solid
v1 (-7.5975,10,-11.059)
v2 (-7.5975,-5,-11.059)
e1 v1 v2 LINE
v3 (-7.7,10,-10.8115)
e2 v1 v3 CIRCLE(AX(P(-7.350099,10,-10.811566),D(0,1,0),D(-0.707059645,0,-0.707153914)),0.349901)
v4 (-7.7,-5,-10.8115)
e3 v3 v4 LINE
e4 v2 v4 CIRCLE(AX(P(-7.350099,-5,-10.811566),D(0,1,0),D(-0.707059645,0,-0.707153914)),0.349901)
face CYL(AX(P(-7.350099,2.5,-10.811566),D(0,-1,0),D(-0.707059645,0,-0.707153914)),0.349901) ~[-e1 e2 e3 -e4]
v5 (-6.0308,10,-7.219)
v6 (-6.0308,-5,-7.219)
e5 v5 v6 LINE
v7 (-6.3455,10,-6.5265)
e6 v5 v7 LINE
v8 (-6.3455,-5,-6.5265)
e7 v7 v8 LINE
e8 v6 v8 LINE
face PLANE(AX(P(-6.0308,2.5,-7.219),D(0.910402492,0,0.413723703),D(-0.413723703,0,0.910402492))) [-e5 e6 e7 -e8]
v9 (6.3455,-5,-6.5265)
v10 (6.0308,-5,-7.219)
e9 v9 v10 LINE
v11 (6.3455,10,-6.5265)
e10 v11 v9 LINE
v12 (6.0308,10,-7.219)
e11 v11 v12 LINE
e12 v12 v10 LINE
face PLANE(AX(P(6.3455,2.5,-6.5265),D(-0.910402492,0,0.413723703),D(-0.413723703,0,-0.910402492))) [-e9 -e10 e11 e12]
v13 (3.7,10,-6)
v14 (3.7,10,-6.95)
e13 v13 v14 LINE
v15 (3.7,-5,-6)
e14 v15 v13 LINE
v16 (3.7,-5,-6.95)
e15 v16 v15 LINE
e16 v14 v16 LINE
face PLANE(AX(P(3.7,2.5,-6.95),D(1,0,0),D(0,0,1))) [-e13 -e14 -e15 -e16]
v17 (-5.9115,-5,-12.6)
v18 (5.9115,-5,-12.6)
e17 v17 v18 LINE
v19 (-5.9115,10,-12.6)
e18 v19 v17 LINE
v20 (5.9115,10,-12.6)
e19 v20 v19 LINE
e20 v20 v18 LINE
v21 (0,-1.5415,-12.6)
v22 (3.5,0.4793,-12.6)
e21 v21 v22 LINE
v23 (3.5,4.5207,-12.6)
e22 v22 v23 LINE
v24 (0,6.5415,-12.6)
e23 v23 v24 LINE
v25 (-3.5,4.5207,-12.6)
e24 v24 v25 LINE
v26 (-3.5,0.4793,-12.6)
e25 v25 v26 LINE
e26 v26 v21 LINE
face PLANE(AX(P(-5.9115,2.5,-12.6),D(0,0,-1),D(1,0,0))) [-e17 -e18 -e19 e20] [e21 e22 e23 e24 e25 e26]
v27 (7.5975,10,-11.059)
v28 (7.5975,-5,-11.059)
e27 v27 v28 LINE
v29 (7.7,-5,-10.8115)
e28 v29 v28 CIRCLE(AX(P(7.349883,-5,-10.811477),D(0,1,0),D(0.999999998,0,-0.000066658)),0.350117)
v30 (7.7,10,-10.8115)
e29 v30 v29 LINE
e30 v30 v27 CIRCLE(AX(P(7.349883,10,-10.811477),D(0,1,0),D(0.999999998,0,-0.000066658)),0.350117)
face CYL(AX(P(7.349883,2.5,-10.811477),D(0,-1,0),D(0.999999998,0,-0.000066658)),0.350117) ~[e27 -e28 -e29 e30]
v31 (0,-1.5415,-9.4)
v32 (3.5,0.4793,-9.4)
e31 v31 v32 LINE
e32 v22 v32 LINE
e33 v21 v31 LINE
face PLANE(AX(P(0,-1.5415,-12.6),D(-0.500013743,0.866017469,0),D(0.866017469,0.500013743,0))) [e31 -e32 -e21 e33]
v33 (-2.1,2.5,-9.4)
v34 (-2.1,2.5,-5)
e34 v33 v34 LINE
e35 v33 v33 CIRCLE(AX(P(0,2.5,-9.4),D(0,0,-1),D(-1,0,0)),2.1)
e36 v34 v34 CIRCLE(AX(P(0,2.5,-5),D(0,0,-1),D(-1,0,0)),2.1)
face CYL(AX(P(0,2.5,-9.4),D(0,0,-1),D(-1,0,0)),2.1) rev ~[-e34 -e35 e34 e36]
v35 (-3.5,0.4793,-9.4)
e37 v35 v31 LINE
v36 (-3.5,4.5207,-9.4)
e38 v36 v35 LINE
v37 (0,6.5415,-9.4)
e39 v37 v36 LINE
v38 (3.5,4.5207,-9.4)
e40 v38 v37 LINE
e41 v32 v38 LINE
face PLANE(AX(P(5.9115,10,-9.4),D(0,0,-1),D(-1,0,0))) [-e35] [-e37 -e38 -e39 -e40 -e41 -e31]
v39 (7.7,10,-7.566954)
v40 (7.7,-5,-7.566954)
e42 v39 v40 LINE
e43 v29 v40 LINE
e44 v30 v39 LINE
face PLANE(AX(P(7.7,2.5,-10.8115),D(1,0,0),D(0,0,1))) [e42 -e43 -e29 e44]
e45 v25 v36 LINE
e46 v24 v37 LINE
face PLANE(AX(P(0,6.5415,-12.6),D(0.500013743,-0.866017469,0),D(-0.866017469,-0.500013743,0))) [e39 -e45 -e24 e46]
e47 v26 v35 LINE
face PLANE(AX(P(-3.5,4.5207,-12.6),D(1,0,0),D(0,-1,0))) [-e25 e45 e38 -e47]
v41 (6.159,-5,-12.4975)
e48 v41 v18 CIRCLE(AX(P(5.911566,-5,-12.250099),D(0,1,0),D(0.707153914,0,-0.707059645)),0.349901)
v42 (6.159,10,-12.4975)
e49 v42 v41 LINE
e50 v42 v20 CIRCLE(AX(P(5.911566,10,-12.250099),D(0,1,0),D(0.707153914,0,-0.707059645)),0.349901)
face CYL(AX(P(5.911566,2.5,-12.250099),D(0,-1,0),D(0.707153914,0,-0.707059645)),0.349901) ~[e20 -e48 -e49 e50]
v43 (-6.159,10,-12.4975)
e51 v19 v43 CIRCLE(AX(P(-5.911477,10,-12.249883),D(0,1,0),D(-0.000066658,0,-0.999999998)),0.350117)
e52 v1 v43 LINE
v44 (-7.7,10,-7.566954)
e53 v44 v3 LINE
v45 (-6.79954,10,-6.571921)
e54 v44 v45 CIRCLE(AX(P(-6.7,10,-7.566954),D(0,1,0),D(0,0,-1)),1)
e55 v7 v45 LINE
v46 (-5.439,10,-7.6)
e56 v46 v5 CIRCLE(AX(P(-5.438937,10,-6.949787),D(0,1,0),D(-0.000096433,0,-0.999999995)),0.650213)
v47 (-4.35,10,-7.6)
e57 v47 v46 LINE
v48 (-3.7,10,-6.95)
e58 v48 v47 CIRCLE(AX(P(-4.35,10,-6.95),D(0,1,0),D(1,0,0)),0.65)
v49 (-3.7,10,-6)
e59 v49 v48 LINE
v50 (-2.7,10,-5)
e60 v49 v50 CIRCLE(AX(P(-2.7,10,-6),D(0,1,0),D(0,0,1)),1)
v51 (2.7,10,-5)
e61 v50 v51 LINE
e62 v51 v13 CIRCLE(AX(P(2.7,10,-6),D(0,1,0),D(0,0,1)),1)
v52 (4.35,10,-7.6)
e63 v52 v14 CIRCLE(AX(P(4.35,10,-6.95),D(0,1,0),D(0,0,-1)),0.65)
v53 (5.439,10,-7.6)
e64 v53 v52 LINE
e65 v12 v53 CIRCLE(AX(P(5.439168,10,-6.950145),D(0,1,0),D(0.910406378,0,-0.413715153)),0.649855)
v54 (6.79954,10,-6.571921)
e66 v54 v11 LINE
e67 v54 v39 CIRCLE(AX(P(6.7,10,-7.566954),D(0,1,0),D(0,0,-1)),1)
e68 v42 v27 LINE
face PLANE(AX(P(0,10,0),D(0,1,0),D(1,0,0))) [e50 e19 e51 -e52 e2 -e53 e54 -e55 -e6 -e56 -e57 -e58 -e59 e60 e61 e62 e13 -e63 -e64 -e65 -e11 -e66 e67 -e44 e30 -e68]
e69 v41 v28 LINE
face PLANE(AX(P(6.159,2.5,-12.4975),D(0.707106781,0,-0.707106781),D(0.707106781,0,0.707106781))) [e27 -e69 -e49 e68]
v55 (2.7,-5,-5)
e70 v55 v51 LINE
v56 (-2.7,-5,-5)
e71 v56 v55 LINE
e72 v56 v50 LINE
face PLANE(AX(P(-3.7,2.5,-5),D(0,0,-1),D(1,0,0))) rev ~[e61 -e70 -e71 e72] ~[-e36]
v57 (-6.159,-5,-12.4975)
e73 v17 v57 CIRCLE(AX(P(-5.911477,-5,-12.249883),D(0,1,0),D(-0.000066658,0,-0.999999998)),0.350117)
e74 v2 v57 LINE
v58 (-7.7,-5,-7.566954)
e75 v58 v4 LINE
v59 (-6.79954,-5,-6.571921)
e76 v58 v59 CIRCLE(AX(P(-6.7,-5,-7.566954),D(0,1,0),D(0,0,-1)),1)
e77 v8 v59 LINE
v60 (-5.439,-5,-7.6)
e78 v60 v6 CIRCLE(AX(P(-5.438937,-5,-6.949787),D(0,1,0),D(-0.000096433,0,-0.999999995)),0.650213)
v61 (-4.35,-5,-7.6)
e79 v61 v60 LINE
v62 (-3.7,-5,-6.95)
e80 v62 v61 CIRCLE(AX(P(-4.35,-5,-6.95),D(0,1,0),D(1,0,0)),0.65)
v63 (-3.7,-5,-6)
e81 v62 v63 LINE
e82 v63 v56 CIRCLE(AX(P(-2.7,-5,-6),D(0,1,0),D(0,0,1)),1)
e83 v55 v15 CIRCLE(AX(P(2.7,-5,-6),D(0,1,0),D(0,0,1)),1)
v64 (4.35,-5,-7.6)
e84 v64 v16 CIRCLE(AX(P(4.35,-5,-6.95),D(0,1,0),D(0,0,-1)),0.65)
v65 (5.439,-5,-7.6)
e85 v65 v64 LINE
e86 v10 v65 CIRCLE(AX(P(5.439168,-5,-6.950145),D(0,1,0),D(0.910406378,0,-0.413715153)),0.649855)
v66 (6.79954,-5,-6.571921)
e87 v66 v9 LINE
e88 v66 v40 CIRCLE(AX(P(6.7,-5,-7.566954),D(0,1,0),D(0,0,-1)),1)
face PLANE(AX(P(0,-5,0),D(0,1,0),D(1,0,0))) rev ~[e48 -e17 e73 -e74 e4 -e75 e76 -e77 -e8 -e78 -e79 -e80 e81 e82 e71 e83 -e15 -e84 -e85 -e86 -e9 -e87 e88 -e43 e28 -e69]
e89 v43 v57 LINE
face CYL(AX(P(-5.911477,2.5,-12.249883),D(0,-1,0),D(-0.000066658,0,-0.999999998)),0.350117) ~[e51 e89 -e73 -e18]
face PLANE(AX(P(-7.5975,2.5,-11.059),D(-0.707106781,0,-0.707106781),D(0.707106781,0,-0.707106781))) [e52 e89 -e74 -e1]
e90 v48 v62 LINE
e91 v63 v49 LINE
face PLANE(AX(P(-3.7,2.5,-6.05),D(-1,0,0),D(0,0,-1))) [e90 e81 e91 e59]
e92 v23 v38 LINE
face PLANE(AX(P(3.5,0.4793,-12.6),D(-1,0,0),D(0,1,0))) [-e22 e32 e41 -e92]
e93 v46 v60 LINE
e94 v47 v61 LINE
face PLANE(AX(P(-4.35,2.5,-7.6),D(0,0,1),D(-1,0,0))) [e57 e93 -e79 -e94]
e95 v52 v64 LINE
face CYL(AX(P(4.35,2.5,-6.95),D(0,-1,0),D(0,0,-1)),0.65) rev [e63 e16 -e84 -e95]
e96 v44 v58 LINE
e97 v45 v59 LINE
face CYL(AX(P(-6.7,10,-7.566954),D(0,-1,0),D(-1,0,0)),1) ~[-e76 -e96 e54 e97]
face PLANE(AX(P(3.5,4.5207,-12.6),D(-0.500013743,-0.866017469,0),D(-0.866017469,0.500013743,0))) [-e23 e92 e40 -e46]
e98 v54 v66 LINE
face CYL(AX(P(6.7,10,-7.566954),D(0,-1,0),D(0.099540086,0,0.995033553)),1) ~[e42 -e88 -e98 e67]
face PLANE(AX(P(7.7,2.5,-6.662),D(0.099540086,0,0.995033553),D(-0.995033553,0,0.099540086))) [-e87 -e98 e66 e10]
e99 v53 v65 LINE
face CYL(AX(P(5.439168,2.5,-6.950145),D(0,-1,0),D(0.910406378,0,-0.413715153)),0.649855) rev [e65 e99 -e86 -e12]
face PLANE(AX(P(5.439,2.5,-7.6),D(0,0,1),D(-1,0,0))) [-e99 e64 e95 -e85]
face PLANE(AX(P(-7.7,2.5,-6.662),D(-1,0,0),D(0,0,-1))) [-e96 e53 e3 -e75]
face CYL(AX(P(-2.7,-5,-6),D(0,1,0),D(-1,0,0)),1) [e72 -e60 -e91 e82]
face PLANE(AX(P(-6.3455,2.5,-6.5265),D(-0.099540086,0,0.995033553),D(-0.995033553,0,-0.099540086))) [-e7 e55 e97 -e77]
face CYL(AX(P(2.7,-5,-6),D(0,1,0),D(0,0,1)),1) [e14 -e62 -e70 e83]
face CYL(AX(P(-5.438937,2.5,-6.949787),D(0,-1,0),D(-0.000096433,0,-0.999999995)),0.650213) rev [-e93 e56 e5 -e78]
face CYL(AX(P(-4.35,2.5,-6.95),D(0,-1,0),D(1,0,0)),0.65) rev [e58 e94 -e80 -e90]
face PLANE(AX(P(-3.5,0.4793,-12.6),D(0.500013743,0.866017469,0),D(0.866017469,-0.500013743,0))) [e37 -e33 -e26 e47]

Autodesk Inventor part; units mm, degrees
ref_plane "XY Plane" through (0, 0, 0) normal (0, 0, 1) x (1, 0, 0)
sketch "Эскиз1" plane through (0, 0, 0) normal (0, 1, 0) x (-1, 0, 0)
  line L0 (5.5, 5) -> (-5.5, 5)
  line L1 (-5.5, 5) -> (-5.5, -5)
  line L2 (-5.5, -5) -> (5.5, -5)
  line L3 (5.5, -5) -> (5.5, 5)
  line L4 (5.5, 5) -> (-5.5, -5) construction
  line L5 (-5.5, 5) -> (5.5, -5) construction
  point P0 (0, 0)
  dimension "d0" = 11
  dimension "d1" = 10
ref_plane "РабПлоскость1" through (0, 2.5, 0) normal (0, 1, 0) x (1, 0, 0)
sketch "Эскиз3" plane through (0, 2.5, 0) normal (0, 1, 0) x (1, 0, 0)
  arc A0 (-5.15, 5) -> (-4.9, 5.25) centre (-5.15, 5.25) ccw projected
  line L0 (-4.9, 5.8) -> (-4.9, 5.25) projected
  line L1 (-4.35, 5.8) -> (-4.9, 5.8) projected
  arc A1 (-4.35, 5.8) -> (-4.1, 6.05) centre (-4.35, 6.05) ccw projected
  line L2 (-4.1, 6.95) -> (-4.1, 6.05) projected
  arc A2 (-4.1, 6.95) -> (-4.35, 7.2) centre (-4.35, 6.95) ccw projected
  line L3 (-5.439, 7.2) -> (-4.35, 7.2) projected
  arc A3 (-5.439, 7.2) -> (-5.6666, 7.0535) centre (-5.439, 6.95) ccw projected
  line L4 (-6.0258, 6.2631) -> (-5.6666, 7.0535) projected
  arc A4 (-6.2783, 6.1178) -> (-6.0258, 6.2631) centre (-6.2534, 6.3666) ccw projected
  line L5 (-7.8749, 6.2775) -> (-6.2783, 6.1178) projected
  arc A5 (-8.1, 6.5262) -> (-7.8749, 6.2775) centre (-7.85, 6.5262) ccw projected
  line L6 (-8.1, 10.8115) -> (-8.1, 6.5262) projected
  arc A6 (-7.8803, 11.3419) -> (-8.1, 10.8115) centre (-7.35, 10.8115) ccw projected
  arc A7 (8.1, 10.8115) -> (7.8803, 11.3419) centre (7.35, 10.8115) ccw projected
  line L7 (8.1, 6.5262) -> (8.1, 10.8115) projected
  arc A8 (7.8749, 6.2775) -> (8.1, 6.5262) centre (7.85, 6.5262) ccw projected
  line L8 (6.2783, 6.1178) -> (7.8749, 6.2775) projected
  arc A9 (6.0258, 6.2631) -> (6.2783, 6.1178) centre (6.2534, 6.3666) ccw projected
  line L9 (5.6666, 7.0535) -> (6.0258, 6.2631) projected
  arc A10 (5.6666, 7.0535) -> (5.439, 7.2) centre (5.439, 6.95) ccw projected
  line L10 (4.35, 7.2) -> (5.439, 7.2) projected
  arc A11 (4.35, 7.2) -> (4.1, 6.95) centre (4.35, 6.95) ccw projected
  line L11 (4.1, 6.05) -> (4.1, 6.95) projected
  arc A12 (4.1, 6.05) -> (4.35, 5.8) centre (4.35, 6.05) ccw projected
  line L12 (4.9, 5.8) -> (4.35, 5.8) projected
  line L13 (4.9, 5.25) -> (4.9, 5.8) projected
  arc A13 (4.9, 5.25) -> (5.15, 5) centre (5.15, 5.25) ccw projected
  line L14 (7.8803, 11.3419) -> (6.4419, 12.7803) projected
  arc A14 (6.4419, 12.7803) -> (5.9115, 13) centre (5.9115, 12.25) ccw projected
  line L15 (5.9115, 13) -> (0.4906, 13) projected
  line L16 (-0.4906, 13) -> (-5.9115, 13) projected
  arc A15 (-5.9115, 13) -> (-6.4419, 12.7803) centre (-5.9115, 12.25) ccw projected
  line L17 (-6.4419, 12.7803) -> (-7.8803, 11.3419) projected
  line L18 (0.4906, 13) -> (-0.4906, 13)
  line L19 (-3.7, 6.05) -> (-3.7, 6.95)
  arc A16 (-3.7, 6.95) -> (-4.35, 7.6) centre (-4.35, 6.95) ccw
  line L20 (-4.35, 7.6) -> (-5.439, 7.6)
  arc A17 (-5.439, 7.6) -> (-6.0308, 7.219) centre (-5.439, 6.95) ccw
  line L21 (-6.0308, 7.219) -> (-6.3455, 6.5265)
  line L22 (-6.3455, 6.5265) -> (-7.7, 6.662)
  line L23 (-7.7, 6.662) -> (-7.7, 10.8115)
  arc A18 (-7.5975, 11.059) -> (-7.7, 10.8115) centre (-7.35, 10.8115) ccw
  line L24 (-7.5975, 11.059) -> (-6.159, 12.4975)
  arc A19 (-5.9115, 12.6) -> (-6.159, 12.4975) centre (-5.9115, 12.25) ccw
  line L25 (-5.9115, 12.6) -> (-0.4906, 12.6)
  line L26 (-0.4906, 12.6) -> (0.4906, 12.6)
  line L27 (0.4906, 12.6) -> (5.9115, 12.6)
  arc A20 (6.159, 12.4975) -> (5.9115, 12.6) centre (5.9115, 12.25) ccw
  line L28 (6.159, 12.4975) -> (7.5975, 11.059)
  arc A21 (7.7, 10.8115) -> (7.5975, 11.059) centre (7.35, 10.8115) ccw
  line L29 (7.7, 10.8115) -> (7.7, 6.662)
  line L30 (7.7, 6.662) -> (6.3455, 6.5265)
  line L31 (6.3455, 6.5265) -> (6.0308, 7.219)
  arc A22 (6.0308, 7.219) -> (5.439, 7.6) centre (5.439, 6.95) ccw
  line L32 (5.439, 7.6) -> (4.35, 7.6)
  arc A23 (4.35, 7.6) -> (3.7, 6.95) centre (4.35, 6.95) ccw
  line L33 (3.7, 6.95) -> (3.7, 6.1534)
  line L34 (-3.7, 5) -> (3.7, 5)
  line L35 (3.7, 5) -> (3.7, 6.1534)
  line L36 (-3.7, 6.05) -> (-3.7, 5)
  point P0 (0, 0)
  point P1 (-4.9967, 19.8192)
  dimension "d6" = 0.4
  dimension "d11" = 1.95
extrude "Выдавливание3" add sketch "Эскиз3" along normal mid plane 15
sketch "Эскиз4" plane through (5.9115, 10, -12.6) normal (0, 0, -1) x (-1, 0, 0)
  line L0 (2.4115, -5.4793) -> (5.9115, -3.4585)
  line L1 (5.9115, -3.4585) -> (9.4115, -5.4793)
  line L2 (9.4115, -5.4793) -> (9.4115, -9.5207)
  line L3 (9.4115, -9.5207) -> (5.9115, -11.5415)
  line L4 (5.9115, -11.5415) -> (2.4115, -9.5207)
  line L5 (2.4115, -9.5207) -> (2.4115, -5.4793)
  line L6 (11.823, -15) -> (0, -15) projected
  line L7 (-4.8685, -7.5) -> (16.6915, -7.5) construction
  line L8 (5.9115, -18) -> (5.9115, 3) construction
  point P0 (5.9115, -10)
  point P1 (5.9115, -7.5)
  dimension "d13" = 7
extrude "Выдавливание4" cut sketch "Эскиз4" against normal blind 3.2
sketch "Эскиз5" plane through (5.9115, 10, -9.4) normal (0, 0, -1) x (-1, 0, 0)
  circle A0 centre (5.9115, -7.5) radius 2.1
  line L0 (-4.8685, -7.5) -> (16.6915, -7.5) construction
  line L1 (5.9115, -18) -> (5.9115, 3) construction
  point P0 (5.9115, -10)
  dimension "d16" = 4.2
extrude "Выдавливание5" cut sketch "Эскиз5" against normal up to next
fillet "Сопряжение2" radius 1 4 edges at (-3.7, 2.5, -5) (3.7, 2.5, -5) (-7.7, 2.5, -6.662) (7.7, 2.5, -6.662)
properties part number "буль"
